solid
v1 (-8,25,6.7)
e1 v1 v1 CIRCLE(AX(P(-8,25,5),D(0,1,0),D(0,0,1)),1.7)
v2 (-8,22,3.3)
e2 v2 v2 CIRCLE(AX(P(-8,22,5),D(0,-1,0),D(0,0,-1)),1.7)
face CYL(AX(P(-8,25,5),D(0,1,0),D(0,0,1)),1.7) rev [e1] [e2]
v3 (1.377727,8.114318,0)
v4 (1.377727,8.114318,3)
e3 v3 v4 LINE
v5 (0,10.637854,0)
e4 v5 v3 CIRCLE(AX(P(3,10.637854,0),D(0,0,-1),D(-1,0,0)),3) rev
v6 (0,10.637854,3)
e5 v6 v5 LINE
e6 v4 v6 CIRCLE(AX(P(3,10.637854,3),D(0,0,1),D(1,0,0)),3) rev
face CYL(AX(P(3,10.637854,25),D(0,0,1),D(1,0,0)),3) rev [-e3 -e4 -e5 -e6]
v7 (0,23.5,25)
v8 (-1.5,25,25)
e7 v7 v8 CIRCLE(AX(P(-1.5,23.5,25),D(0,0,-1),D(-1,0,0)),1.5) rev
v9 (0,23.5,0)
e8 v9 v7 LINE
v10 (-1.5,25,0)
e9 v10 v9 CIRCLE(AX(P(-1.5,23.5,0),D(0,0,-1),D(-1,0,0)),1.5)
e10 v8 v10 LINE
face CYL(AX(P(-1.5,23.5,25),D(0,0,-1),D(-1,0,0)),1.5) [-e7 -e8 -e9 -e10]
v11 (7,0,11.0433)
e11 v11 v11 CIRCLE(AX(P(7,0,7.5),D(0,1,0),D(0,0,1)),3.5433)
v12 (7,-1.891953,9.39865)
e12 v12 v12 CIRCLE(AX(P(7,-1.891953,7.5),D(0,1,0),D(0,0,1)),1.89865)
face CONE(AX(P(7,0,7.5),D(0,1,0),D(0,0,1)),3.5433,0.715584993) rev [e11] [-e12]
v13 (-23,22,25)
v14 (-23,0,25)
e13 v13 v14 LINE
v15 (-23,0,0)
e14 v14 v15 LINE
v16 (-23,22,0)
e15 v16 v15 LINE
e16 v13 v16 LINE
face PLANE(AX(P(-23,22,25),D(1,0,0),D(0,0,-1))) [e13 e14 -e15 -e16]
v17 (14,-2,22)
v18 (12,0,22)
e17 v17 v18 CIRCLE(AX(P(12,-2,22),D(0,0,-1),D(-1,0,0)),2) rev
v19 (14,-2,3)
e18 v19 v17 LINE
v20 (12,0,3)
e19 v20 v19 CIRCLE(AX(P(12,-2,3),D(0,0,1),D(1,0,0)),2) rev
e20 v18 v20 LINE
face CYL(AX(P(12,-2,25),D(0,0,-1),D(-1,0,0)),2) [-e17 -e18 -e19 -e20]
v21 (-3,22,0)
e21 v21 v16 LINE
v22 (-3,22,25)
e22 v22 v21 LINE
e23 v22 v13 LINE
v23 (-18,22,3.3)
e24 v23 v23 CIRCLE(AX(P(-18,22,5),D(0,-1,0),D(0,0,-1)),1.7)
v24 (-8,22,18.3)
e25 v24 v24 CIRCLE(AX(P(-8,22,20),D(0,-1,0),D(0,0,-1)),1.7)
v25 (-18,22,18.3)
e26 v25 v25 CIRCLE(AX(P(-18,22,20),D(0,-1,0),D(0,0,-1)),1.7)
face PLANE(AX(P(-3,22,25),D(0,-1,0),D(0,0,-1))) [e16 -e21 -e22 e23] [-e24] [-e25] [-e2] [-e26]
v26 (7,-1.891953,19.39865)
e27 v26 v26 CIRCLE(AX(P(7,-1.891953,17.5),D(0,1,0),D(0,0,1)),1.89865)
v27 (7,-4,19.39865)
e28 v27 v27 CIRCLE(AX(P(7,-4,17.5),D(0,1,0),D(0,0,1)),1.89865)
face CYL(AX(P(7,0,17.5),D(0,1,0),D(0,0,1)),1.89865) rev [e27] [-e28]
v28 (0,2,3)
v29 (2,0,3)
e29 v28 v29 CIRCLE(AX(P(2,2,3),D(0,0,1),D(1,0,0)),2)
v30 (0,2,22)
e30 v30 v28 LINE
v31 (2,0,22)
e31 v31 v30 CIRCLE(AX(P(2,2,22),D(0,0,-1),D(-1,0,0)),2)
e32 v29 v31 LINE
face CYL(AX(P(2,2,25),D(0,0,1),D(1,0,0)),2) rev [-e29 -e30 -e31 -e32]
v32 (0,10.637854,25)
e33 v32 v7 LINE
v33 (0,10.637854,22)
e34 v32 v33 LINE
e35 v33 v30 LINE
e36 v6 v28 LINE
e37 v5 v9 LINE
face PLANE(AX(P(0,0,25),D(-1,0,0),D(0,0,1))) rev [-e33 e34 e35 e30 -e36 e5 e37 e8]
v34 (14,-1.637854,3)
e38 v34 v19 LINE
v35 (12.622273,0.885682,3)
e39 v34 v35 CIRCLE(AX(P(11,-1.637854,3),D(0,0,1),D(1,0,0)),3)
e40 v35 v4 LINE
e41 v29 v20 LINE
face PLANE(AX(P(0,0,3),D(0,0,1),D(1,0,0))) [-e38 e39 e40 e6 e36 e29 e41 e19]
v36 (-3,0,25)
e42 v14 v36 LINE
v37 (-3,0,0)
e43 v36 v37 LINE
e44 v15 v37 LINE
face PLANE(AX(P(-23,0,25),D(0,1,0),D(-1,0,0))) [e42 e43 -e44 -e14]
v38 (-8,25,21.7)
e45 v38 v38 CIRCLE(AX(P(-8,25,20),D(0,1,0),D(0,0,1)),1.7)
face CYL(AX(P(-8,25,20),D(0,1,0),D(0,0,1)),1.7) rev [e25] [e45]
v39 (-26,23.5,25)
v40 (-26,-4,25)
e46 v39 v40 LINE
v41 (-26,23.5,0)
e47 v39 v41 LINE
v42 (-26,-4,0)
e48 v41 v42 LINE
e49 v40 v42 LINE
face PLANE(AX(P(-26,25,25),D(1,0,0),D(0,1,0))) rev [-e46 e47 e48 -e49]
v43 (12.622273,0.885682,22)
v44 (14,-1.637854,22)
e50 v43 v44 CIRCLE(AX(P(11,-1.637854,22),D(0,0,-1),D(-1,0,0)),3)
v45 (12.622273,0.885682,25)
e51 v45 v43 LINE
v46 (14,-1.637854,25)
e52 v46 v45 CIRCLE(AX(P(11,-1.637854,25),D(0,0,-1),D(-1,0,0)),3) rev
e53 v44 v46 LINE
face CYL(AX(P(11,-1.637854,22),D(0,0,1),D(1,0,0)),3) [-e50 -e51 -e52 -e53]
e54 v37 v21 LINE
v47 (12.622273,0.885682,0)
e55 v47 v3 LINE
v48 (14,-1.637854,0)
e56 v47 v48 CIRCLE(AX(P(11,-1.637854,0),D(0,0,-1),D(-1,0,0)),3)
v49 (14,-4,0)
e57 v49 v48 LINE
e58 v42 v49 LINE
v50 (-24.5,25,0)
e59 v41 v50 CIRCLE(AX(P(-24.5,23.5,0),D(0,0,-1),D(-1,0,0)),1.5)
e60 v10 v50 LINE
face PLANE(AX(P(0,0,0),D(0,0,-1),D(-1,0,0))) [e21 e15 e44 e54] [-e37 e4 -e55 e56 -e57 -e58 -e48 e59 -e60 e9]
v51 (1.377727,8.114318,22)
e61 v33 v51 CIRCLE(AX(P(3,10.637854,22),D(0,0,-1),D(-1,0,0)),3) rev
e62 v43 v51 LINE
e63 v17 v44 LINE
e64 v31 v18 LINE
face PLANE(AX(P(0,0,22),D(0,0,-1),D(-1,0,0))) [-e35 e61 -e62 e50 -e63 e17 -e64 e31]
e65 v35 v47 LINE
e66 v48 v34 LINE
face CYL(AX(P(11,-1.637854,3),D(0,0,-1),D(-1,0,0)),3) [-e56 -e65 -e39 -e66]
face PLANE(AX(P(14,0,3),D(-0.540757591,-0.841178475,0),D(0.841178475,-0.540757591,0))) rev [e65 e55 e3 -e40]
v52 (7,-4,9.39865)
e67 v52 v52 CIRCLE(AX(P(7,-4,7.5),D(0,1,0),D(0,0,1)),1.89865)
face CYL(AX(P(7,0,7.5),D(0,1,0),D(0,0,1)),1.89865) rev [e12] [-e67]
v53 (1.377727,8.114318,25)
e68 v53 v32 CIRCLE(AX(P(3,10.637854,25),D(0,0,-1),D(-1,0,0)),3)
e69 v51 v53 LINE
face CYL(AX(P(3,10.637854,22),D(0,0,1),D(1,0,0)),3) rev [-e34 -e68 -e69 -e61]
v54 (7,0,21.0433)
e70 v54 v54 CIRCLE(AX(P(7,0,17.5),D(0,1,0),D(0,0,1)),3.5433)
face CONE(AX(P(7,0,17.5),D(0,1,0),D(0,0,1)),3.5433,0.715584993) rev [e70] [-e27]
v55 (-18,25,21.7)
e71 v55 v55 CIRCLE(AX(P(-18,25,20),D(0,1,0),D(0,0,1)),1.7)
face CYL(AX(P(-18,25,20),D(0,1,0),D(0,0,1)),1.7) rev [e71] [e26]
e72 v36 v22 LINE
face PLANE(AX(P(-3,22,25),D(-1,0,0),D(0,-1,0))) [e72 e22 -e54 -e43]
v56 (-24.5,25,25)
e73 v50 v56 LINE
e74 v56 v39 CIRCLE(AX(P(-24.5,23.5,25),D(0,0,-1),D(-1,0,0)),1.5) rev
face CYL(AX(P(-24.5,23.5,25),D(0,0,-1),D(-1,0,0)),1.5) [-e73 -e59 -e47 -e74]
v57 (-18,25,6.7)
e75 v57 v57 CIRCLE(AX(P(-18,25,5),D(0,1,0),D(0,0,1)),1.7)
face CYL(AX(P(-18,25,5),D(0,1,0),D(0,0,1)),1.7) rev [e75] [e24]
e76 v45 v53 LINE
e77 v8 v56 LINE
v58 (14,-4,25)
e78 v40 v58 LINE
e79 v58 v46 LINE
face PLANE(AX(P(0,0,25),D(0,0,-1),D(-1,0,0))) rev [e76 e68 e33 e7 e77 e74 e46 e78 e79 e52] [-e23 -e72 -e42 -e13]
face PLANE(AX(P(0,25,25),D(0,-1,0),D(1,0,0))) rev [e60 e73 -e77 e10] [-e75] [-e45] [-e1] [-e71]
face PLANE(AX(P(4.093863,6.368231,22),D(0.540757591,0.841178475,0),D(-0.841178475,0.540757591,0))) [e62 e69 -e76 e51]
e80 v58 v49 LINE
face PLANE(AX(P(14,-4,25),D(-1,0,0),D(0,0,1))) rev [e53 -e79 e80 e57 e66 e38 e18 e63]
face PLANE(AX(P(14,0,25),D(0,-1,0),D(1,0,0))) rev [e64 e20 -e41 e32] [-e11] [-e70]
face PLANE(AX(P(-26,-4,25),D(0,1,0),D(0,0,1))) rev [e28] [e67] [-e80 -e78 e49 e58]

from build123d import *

# Parameters (mm, degrees)
PROFILE_SKETCH_W               = 20
PROFILE_SKETCH_H               = 22
PROFILE_EXTRUDE_DEPTH          = 25
GUSSET_1_EXTRUDE_DEPTH         = 3
GUSSET_START                   = 22
GUSSET_2_EXTRUDE_DEPTH         = 3
SOLENOID_MOUNTING_HOLES_D      = 3.4
SOLENOID_MOUNTING_HOLES_DEPTH  = 3
NO_6_MOUNTING_HOLES_AT_2_COUNT = 2
NO_6_MOUNTING_HOLES_AT_2_PITCH = 10
FILLET3_R                      = 3
FILLET4_R                      = 2
FILLET5_R                      = 3
FILLET6_R                      = 1.5


with BuildPart() as part:
    # Profile Sketch → Profile  Extrude (new body)
    with BuildSketch(Plane.XY):
        Polygon((0, 0), (0, 25), (-26, 25), (-26, -4), (14, -4), (14, 0), align=None)
        with Locations((-13, 11)):
            Rectangle(PROFILE_SKETCH_W, PROFILE_SKETCH_H, mode=Mode.SUBTRACT)
    extrude(amount=PROFILE_EXTRUDE_DEPTH)

    # Gusset Sketch → Gusset 1 Extrude (add)
    with BuildSketch(Plane.XY):
        Polygon((0, 0), (14, 0), (0, 9), align=None)
    extrude(amount=GUSSET_1_EXTRUDE_DEPTH)

    # Gusset Sketch<2> → Gusset 2 Extrude (add)
    with BuildSketch(Plane.XY.offset(GUSSET_START)):
        Polygon((0, 0), (14, 0), (0, 9), align=None)
    extrude(amount=GUSSET_2_EXTRUDE_DEPTH)

    # Solenoid Mounting Holes
    with Locations(Plane(origin=(-25, 25, 0), x_dir=(0, 0, -1), z_dir=(0, 1, 0))):
        with Locations((-5, -17), (-20, -17), (-20, -7), (-5, -7)):
            Hole(SOLENOID_MOUNTING_HOLES_D / 2, depth=SOLENOID_MOUNTING_HOLES_DEPTH)

    # No. 6 Mounting Holes Profile Sketch → No. 6 Mounting Holes (revolve, cut)
    with BuildSketch(Plane(origin=(7, 0, 17.5), x_dir=(0, 0, 1), z_dir=(1, 0, 0))):
        Polygon((0, 0), (0, 4), (1.89865, 4), (1.89865, 1.891953401), (3.5433, 0), align=None)
    no_6_mounting_holes = revolve(axis=Axis((7, 6.35, 17.5), (0, -1, 0)), mode=Mode.SUBTRACT)

    # No. 6 Mounting Holes at 2: No. 6 Mounting Holes ×2
    with Locations(*[(0, 0, -i * NO_6_MOUNTING_HOLES_AT_2_PITCH) for i in range(1, NO_6_MOUNTING_HOLES_AT_2_COUNT)]):
        add(no_6_mounting_holes, mode=Mode.SUBTRACT)

    # Fillet3
    fillet3_edges = [part.edges().sort_by_distance(p)[0] for p in [
        (0, 9, 1.5),
        (0, 9, 23.5),
    ]]
    fillet(fillet3_edges, radius=FILLET3_R)

    # Fillet4
    fillet4_edges = [part.edges().sort_by_distance(p)[0] for p in [
        (14, 0, 12.5),
        (0, 0, 12.5),
    ]]
    fillet(fillet4_edges, radius=FILLET4_R)

    # Fillet5
    fillet5_edges = [part.edges().sort_by_distance(p)[0] for p in [
        (14, 0, 23.5),
        (14, 0, 1.5),
    ]]
    fillet(fillet5_edges, radius=FILLET5_R)

    # Fillet6
    fillet6_edges = [part.edges().sort_by_distance(p)[0] for p in [
        (-26, 25, 12.5),
        (0, 25, 12.5),
    ]]
    fillet(fillet6_edges, radius=FILLET6_R)


solid = part.part
